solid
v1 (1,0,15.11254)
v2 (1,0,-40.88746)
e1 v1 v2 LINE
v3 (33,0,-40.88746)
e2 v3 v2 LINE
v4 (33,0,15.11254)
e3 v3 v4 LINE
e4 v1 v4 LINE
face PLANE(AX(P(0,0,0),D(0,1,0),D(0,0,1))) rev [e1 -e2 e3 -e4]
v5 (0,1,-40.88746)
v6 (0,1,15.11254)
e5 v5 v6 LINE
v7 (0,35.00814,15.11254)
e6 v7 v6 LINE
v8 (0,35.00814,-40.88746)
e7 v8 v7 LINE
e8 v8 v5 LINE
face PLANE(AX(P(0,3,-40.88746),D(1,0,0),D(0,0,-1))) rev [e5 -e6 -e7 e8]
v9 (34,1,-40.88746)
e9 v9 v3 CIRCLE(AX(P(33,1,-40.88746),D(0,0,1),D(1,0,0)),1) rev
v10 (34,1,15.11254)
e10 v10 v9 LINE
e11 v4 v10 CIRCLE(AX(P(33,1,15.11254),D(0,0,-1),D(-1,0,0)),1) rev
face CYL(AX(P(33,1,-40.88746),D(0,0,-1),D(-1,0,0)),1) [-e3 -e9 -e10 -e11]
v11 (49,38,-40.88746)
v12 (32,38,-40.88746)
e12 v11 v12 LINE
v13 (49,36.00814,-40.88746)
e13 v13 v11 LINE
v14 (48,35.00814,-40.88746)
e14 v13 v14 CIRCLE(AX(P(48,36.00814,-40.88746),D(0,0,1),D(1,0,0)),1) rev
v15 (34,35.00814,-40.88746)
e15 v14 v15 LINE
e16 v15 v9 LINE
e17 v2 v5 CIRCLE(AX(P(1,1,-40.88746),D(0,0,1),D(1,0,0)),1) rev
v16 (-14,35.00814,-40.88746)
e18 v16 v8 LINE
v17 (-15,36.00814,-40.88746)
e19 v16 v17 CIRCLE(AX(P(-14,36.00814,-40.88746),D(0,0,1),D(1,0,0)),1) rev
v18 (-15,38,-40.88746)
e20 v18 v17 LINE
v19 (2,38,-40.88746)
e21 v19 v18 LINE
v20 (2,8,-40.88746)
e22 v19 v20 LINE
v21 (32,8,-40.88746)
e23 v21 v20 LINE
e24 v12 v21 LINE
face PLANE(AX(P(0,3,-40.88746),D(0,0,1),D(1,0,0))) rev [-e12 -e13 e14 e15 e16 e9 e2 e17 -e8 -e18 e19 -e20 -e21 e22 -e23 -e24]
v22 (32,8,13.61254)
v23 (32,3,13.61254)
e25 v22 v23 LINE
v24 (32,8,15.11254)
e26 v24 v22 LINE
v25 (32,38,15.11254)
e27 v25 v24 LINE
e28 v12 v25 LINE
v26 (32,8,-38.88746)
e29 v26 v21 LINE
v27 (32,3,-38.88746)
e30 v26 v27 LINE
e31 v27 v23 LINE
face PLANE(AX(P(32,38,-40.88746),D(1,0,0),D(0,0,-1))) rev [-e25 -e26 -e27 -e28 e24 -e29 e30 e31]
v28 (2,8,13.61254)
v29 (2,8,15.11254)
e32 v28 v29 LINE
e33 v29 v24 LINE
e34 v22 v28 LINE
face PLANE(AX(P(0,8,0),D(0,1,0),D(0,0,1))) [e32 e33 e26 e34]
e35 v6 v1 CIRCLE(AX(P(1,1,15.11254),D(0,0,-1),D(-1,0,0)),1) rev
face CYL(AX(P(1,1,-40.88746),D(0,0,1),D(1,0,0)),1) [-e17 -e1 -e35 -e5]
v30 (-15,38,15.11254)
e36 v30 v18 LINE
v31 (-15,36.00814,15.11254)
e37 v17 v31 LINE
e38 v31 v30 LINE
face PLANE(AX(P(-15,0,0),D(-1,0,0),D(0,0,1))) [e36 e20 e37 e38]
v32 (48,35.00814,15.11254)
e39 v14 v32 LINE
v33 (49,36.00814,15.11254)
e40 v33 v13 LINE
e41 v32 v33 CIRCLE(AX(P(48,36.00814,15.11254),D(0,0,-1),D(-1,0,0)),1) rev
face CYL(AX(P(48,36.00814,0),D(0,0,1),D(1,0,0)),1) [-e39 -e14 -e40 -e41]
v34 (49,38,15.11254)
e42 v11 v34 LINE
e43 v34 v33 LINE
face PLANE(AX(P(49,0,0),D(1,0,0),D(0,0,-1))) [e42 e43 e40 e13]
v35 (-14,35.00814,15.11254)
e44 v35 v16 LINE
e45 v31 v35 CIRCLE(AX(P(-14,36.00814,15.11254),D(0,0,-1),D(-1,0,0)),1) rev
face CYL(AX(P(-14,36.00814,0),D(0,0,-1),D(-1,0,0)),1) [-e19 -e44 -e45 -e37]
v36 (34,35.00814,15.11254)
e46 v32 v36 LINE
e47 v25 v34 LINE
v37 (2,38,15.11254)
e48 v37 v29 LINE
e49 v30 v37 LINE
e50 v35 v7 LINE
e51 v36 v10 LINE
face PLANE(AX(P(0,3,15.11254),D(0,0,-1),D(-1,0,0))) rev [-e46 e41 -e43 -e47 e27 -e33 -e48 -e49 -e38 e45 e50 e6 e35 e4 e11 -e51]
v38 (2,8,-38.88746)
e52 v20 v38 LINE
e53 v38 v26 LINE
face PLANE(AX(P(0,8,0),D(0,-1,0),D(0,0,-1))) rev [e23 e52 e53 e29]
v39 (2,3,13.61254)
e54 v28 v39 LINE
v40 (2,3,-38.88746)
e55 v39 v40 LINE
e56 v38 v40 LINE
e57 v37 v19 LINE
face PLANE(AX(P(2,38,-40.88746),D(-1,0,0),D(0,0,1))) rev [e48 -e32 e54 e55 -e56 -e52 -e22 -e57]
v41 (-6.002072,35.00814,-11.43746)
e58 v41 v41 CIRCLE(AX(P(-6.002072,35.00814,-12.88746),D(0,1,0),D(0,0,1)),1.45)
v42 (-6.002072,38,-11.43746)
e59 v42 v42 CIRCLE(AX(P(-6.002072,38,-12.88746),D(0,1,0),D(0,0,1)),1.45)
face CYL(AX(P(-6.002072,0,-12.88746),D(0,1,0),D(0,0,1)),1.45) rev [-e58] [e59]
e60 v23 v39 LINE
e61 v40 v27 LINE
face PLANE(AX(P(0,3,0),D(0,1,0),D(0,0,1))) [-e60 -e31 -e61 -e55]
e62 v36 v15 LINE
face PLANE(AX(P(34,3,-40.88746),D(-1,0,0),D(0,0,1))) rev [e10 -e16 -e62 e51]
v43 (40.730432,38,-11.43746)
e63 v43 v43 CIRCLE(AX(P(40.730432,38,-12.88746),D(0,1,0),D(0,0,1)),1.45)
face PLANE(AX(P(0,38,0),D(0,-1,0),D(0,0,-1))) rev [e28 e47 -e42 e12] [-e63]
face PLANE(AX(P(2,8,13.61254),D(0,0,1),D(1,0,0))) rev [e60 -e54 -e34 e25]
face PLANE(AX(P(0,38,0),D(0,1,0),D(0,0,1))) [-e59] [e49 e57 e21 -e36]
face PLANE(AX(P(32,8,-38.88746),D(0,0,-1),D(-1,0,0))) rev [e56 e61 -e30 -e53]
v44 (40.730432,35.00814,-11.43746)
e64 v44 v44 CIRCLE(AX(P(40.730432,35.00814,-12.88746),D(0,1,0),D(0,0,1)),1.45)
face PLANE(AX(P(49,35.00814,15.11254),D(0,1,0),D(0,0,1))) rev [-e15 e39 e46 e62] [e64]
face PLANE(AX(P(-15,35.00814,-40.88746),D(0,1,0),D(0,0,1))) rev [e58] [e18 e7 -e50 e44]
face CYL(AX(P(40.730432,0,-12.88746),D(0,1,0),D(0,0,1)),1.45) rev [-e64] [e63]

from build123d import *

# Parameters (mm, degrees)
SKETCH2_W           = 34
SKETCH2_H           = 56
BOSS_EXTRUDE1_DEPTH = 3
SKETCH3_W           = 2
SKETCH3_H           = 56
BOSS_EXTRUDE2_DEPTH = 35
SKETCH4_W           = 56
SKETCH4_H           = 2.991859995
BOSS_EXTRUDE3_DEPTH = 15
SKETCH5_W           = 56
SKETCH5_H           = 2.991859995
BOSS_EXTRUDE4_DEPTH = 15
SKETCH6_W           = 30
SKETCH6_H           = 2
SKETCH6_H_2         = 1.5
BOSS_EXTRUDE5_DEPTH = 5
SKETCH8_R           = 1.45
CUT_EXTRUDE1_DEPTH  = 75.275058866
FILLET1_R           = 1


with BuildPart() as part:
    # Sketch2 → Boss-Extrude1 (new body)
    with BuildSketch(Plane(origin=(0, 0, 0), x_dir=(1, 0, 0), z_dir=(0, 1, 0))):
        with Locations((17, 12.887459807)):
            Rectangle(SKETCH2_W, SKETCH2_H)
    extrude(amount=BOSS_EXTRUDE1_DEPTH)

    # Sketch3 → Boss-Extrude2 (add)
    with BuildSketch(Plane(origin=(0, 3, 0), x_dir=(1, 0, 0), z_dir=(0, 1, 0))):
        with Locations((1, 12.887459807)):
            Rectangle(SKETCH3_W, SKETCH3_H)
        with Locations((33, 12.887459807)):
            Rectangle(SKETCH3_W, SKETCH3_H)
    extrude(amount=BOSS_EXTRUDE2_DEPTH)

    # Sketch4 → Boss-Extrude3 (add)
    with BuildSketch(Plane(origin=(34, 0, 0), x_dir=(0, 0, -1), z_dir=(1, 0, 0))):
        with Locations((12.887459807, 36.504070003)):
            Rectangle(SKETCH4_W, SKETCH4_H)
    extrude(amount=BOSS_EXTRUDE3_DEPTH)

    # Sketch5 → Boss-Extrude4 (add)
    with BuildSketch(Plane.ZY):
        with Locations((-12.887459807, 36.504070003)):
            Rectangle(SKETCH5_W, SKETCH5_H)
    extrude(amount=BOSS_EXTRUDE4_DEPTH)

    # Sketch6 → Boss-Extrude5 (add)
    with BuildSketch(Plane(origin=(0, 3, 0), x_dir=(1, 0, 0), z_dir=(0, 1, 0))):
        with Locations((17, 39.887459807)):
            Rectangle(SKETCH6_W, SKETCH6_H)
        with Locations((17, -14.362540193)):
            Rectangle(SKETCH6_W, SKETCH6_H_2)
    extrude(amount=BOSS_EXTRUDE5_DEPTH)

    # Sketch8 → Cut-Extrude1 (cut, through all)
    with BuildSketch(Plane(origin=(0, 38, 0), x_dir=(1, 0, 0), z_dir=(0, 1, 0))):
        with Locations(Location((-6.002072166, 12.887459807, 0), (0, 0, 270))):
            Circle(SKETCH8_R)
        with Locations(Location((40.730432143, 12.887459807, 0), (0, 0, 270))):
            Circle(SKETCH8_R)
    extrude(amount=-CUT_EXTRUDE1_DEPTH, mode=Mode.SUBTRACT)

    # Fillet1
    fillet1_edges = [part.edges().sort_by_distance(p)[0] for p in [
        (49, 35.008140005, -12.887459807),
        (-15, 35.008140005, -12.887459807),
        (34, 0, -12.887459807),
        (0, 0, -12.887459807),
    ]]
    fillet(fillet1_edges, radius=FILLET1_R)


solid = part.part
